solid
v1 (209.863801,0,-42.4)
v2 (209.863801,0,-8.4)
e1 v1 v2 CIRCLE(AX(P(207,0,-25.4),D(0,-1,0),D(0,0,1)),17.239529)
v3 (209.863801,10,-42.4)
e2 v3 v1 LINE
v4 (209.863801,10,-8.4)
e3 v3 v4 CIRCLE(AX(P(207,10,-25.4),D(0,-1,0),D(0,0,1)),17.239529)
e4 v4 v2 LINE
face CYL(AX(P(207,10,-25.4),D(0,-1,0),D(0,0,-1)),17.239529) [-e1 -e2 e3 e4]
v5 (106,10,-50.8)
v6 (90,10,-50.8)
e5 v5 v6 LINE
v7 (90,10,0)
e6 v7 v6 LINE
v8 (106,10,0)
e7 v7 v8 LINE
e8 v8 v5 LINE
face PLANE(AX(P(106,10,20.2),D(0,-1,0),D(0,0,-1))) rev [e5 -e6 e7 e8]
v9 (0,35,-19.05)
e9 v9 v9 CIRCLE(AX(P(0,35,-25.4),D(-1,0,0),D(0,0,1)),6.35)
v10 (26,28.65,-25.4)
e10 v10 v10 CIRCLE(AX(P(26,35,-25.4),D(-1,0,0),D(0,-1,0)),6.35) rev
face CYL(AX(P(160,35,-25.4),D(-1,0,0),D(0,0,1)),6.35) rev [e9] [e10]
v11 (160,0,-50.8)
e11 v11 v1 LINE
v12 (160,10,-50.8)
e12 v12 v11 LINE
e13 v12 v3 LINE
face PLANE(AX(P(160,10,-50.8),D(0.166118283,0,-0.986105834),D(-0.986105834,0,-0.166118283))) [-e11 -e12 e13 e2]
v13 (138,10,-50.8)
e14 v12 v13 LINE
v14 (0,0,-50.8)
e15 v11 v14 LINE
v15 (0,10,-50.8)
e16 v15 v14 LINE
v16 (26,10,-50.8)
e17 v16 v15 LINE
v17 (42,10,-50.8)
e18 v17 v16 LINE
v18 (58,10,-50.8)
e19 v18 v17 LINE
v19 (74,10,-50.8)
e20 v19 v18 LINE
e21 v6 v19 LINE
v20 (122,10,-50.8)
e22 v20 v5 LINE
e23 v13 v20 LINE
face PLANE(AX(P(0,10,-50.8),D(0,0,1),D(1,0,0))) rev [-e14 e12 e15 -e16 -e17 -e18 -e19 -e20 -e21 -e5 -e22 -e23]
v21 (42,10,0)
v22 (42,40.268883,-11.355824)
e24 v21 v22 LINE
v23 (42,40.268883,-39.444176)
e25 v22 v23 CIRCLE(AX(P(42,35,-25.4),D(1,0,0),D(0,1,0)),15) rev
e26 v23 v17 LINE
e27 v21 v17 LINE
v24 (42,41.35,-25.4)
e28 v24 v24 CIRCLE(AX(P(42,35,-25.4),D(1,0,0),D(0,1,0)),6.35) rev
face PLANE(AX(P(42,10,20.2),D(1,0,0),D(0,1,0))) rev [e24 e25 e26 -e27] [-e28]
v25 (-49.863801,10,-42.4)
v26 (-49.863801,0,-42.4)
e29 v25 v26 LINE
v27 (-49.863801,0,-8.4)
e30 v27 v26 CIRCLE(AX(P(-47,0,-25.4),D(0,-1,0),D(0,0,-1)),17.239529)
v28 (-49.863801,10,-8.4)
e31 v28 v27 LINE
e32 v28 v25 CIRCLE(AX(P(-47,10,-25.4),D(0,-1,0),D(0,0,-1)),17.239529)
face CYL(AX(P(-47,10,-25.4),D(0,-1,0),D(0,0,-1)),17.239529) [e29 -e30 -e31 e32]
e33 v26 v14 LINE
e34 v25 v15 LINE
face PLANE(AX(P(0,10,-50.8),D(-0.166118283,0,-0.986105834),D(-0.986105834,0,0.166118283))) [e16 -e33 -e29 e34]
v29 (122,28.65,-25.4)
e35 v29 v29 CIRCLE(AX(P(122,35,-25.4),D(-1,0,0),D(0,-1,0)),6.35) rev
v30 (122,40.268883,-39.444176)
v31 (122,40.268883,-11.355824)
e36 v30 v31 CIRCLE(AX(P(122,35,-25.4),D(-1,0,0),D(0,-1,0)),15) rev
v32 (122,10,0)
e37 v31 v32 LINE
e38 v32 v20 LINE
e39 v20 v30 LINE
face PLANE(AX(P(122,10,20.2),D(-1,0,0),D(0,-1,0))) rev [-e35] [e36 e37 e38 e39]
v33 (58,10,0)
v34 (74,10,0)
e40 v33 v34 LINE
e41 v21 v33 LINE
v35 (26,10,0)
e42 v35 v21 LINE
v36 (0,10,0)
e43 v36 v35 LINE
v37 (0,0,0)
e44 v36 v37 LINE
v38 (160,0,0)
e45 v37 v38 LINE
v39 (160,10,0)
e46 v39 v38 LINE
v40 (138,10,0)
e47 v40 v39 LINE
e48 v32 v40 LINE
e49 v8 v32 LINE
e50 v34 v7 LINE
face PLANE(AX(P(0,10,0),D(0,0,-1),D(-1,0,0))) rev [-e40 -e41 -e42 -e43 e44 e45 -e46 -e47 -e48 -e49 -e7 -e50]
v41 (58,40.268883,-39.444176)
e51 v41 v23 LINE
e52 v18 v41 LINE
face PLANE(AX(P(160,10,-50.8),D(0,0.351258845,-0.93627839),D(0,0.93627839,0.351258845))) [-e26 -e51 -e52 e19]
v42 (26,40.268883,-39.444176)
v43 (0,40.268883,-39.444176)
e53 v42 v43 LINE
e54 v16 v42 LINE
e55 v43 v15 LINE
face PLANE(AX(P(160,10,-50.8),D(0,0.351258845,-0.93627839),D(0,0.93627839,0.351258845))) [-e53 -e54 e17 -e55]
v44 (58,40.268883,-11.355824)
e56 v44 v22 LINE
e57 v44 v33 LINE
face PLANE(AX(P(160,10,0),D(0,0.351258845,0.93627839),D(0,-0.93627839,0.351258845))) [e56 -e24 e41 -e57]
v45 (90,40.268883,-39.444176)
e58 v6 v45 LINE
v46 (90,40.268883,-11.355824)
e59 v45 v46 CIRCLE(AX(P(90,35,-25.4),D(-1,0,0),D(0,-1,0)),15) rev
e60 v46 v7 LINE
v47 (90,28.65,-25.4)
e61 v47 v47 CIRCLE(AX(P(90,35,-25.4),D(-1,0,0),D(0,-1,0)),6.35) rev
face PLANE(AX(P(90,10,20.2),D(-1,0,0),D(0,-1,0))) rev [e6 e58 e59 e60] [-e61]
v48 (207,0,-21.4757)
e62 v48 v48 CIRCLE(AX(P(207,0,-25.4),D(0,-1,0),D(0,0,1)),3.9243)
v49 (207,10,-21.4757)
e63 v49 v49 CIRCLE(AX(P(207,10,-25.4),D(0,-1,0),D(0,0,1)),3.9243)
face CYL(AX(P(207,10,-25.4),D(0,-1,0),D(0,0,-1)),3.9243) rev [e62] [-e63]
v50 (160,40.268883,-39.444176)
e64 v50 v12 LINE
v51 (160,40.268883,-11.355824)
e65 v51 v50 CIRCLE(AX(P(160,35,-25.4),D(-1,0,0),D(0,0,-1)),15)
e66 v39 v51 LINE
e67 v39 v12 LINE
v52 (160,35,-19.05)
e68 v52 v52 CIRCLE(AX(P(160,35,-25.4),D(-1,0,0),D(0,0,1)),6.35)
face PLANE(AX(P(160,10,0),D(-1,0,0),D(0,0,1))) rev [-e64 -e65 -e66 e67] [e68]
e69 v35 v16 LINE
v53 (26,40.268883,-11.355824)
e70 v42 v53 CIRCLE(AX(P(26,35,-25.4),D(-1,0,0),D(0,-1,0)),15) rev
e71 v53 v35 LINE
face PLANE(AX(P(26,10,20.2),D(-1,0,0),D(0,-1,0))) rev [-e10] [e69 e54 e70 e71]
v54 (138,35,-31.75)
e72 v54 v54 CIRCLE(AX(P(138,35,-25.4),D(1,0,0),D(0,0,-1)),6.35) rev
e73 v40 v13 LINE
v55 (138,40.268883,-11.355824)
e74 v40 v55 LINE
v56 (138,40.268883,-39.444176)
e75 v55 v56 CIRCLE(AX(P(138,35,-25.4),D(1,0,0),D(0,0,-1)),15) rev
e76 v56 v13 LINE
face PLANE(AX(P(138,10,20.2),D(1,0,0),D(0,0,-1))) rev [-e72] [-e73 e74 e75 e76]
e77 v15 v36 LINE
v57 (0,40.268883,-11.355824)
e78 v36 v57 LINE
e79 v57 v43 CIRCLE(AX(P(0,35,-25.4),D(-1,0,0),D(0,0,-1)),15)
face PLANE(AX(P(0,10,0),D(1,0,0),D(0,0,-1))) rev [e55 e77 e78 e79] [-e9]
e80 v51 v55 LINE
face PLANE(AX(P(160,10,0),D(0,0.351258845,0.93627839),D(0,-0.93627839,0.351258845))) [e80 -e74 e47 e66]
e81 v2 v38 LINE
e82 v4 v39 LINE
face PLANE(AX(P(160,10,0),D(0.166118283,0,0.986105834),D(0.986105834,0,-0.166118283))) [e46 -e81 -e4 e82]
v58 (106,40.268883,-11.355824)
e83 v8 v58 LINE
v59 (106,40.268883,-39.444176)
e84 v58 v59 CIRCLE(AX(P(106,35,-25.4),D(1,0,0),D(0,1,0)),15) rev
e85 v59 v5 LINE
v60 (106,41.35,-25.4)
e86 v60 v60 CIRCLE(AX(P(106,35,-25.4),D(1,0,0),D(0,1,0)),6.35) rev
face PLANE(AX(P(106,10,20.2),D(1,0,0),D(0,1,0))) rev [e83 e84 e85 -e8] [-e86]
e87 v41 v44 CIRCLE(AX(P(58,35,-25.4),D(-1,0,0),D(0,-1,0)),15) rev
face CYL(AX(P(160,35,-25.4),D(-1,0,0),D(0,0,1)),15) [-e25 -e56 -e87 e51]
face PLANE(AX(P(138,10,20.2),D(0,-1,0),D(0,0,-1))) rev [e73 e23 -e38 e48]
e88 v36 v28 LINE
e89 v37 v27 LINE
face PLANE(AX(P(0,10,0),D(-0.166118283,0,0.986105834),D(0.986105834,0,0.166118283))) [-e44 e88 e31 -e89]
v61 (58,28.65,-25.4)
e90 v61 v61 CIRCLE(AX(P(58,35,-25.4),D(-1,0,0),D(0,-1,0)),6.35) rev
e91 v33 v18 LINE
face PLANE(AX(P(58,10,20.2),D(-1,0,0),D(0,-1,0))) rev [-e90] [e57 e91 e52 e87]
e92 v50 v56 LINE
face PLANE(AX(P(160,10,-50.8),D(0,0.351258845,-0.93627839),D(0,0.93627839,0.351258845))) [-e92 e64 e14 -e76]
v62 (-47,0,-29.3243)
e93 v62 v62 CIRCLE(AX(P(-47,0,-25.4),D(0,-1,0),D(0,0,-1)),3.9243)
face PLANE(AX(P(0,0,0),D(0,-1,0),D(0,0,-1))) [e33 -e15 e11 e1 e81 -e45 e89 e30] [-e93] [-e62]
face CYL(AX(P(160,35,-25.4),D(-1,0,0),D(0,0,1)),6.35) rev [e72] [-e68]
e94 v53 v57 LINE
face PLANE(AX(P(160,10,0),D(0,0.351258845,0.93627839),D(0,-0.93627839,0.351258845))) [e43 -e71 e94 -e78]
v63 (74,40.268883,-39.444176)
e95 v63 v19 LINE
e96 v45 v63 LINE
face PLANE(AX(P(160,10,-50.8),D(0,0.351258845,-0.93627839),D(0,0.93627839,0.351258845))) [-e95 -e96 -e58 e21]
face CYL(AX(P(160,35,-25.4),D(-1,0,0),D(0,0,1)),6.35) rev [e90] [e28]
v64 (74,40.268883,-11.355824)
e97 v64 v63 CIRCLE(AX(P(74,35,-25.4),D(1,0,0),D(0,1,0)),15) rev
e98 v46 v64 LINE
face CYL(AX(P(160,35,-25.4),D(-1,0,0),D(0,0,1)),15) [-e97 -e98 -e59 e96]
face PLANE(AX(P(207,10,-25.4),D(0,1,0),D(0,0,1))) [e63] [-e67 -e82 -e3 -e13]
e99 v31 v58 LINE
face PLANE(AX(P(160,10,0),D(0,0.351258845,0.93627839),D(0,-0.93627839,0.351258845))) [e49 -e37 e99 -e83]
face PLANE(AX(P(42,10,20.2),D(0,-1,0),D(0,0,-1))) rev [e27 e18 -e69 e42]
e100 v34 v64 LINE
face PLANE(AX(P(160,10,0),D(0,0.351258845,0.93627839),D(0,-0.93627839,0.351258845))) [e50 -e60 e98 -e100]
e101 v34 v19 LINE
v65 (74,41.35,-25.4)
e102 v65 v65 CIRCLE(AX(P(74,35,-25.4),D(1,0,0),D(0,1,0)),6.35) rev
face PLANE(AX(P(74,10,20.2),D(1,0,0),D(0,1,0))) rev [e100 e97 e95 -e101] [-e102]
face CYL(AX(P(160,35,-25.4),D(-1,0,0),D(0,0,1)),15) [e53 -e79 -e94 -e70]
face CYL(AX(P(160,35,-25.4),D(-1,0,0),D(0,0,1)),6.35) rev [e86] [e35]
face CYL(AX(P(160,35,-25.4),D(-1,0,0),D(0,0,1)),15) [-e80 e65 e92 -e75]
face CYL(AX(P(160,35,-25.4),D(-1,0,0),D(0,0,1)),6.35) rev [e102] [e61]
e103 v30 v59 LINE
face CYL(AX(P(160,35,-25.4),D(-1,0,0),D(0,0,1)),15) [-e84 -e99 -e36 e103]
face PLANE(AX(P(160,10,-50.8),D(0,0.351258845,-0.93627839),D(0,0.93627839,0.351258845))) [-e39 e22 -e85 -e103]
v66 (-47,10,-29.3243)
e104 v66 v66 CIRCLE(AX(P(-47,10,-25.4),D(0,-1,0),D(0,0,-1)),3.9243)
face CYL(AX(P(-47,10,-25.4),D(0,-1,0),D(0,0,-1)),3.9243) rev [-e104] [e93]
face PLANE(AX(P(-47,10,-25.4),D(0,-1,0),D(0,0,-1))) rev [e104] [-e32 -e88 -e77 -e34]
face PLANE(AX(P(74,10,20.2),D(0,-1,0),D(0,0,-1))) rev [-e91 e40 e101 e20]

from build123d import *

# Parameters (mm, degrees)
SKETCH1_W           = 160
SKETCH1_H           = 50.8
BOSS_EXTRUDE1_DEPTH = 10
SKETCH2_R           = 6.35
BOSS_EXTRUDE2_DEPTH = 160
SKETCH3_W           = 16
SKETCH3_H           = 40
CUT_EXTRUDE1_DEPTH  = 71
SKETCH5_R           = 3.9243
BOSS_EXTRUDE3_DEPTH = 10


with BuildPart() as part:
    # Sketch1 → Boss-Extrude1 (new body)
    with BuildSketch(Plane(origin=(0, 0, 0), x_dir=(1, 0, 0), z_dir=(0, 1, 0))):
        with Locations((80, 25.4)):
            Rectangle(SKETCH1_W, SKETCH1_H)
    extrude(amount=BOSS_EXTRUDE1_DEPTH)

    # Sketch2 → Boss-Extrude2 (add, through all)
    with BuildSketch(Plane.ZY):
        with BuildLine():
            Line((-50.8, 10), (-39.444175854, 40.268882668))
            ThreePointArc((-39.444175854, 40.268882668), (-25.4, 50), (-11.355824146, 40.268882668))
            Line((-11.355824146, 40.268882668), (0, 10))
            Line((0, 10), (-50.8, 10))
        make_face()
        with Locations((-25.4, 35)):
            Circle(SKETCH2_R, mode=Mode.SUBTRACT)
    extrude(amount=-BOSS_EXTRUDE2_DEPTH)

    # Sketch3 → Cut-Extrude1 (cut)
    with BuildSketch(Plane(origin=(0, 0, -50.8), x_dir=(-1, 0, 0), z_dir=(0, 0, -1))):
        with Locations((-130, 30)):
            Rectangle(SKETCH3_W, SKETCH3_H)
        with Locations((-98, 30)):
            Rectangle(SKETCH3_W, SKETCH3_H)
        with Locations((-66, 30)):
            Rectangle(SKETCH3_W, SKETCH3_H)
        with Locations((-34, 30)):
            Rectangle(SKETCH3_W, SKETCH3_H)
    extrude(amount=-CUT_EXTRUDE1_DEPTH, mode=Mode.SUBTRACT)

    # Sketch5 → Boss-Extrude3 (add)
    # profile 1 of 2: a face of its own
    with BuildSketch(Plane.XZ):
        with BuildLine():
            Line((160, 0), (209.86380094, -8.4))
            ThreePointArc((209.86380094, -8.4), (224.239528875, -25.4), (209.86380094, -42.4))
            Line((209.86380094, -42.4), (160, -50.8))
            Line((160, -50.8), (160, 0))
        make_face()
        with Locations(Location((207, -25.4, 0), (0, 0, 90))):
            Circle(SKETCH5_R, mode=Mode.SUBTRACT)
    # profile 2 of 2: a face of its own
    with BuildSketch(Plane.XZ):
        with BuildLine():
            Line((0, 0), (-49.86380094, -8.4))
            ThreePointArc((-49.86380094, -8.4), (-64.239528875, -25.4), (-49.86380094, -42.4))
            Line((-49.86380094, -42.4), (0, -50.8))
            Line((0, -50.8), (0, 0))
        make_face()
        with Locations(Location((-47, -25.4, 0), (0, 0, 270))):
            Circle(SKETCH5_R, mode=Mode.SUBTRACT)
    extrude(amount=-BOSS_EXTRUDE3_DEPTH)


solid = part.part
